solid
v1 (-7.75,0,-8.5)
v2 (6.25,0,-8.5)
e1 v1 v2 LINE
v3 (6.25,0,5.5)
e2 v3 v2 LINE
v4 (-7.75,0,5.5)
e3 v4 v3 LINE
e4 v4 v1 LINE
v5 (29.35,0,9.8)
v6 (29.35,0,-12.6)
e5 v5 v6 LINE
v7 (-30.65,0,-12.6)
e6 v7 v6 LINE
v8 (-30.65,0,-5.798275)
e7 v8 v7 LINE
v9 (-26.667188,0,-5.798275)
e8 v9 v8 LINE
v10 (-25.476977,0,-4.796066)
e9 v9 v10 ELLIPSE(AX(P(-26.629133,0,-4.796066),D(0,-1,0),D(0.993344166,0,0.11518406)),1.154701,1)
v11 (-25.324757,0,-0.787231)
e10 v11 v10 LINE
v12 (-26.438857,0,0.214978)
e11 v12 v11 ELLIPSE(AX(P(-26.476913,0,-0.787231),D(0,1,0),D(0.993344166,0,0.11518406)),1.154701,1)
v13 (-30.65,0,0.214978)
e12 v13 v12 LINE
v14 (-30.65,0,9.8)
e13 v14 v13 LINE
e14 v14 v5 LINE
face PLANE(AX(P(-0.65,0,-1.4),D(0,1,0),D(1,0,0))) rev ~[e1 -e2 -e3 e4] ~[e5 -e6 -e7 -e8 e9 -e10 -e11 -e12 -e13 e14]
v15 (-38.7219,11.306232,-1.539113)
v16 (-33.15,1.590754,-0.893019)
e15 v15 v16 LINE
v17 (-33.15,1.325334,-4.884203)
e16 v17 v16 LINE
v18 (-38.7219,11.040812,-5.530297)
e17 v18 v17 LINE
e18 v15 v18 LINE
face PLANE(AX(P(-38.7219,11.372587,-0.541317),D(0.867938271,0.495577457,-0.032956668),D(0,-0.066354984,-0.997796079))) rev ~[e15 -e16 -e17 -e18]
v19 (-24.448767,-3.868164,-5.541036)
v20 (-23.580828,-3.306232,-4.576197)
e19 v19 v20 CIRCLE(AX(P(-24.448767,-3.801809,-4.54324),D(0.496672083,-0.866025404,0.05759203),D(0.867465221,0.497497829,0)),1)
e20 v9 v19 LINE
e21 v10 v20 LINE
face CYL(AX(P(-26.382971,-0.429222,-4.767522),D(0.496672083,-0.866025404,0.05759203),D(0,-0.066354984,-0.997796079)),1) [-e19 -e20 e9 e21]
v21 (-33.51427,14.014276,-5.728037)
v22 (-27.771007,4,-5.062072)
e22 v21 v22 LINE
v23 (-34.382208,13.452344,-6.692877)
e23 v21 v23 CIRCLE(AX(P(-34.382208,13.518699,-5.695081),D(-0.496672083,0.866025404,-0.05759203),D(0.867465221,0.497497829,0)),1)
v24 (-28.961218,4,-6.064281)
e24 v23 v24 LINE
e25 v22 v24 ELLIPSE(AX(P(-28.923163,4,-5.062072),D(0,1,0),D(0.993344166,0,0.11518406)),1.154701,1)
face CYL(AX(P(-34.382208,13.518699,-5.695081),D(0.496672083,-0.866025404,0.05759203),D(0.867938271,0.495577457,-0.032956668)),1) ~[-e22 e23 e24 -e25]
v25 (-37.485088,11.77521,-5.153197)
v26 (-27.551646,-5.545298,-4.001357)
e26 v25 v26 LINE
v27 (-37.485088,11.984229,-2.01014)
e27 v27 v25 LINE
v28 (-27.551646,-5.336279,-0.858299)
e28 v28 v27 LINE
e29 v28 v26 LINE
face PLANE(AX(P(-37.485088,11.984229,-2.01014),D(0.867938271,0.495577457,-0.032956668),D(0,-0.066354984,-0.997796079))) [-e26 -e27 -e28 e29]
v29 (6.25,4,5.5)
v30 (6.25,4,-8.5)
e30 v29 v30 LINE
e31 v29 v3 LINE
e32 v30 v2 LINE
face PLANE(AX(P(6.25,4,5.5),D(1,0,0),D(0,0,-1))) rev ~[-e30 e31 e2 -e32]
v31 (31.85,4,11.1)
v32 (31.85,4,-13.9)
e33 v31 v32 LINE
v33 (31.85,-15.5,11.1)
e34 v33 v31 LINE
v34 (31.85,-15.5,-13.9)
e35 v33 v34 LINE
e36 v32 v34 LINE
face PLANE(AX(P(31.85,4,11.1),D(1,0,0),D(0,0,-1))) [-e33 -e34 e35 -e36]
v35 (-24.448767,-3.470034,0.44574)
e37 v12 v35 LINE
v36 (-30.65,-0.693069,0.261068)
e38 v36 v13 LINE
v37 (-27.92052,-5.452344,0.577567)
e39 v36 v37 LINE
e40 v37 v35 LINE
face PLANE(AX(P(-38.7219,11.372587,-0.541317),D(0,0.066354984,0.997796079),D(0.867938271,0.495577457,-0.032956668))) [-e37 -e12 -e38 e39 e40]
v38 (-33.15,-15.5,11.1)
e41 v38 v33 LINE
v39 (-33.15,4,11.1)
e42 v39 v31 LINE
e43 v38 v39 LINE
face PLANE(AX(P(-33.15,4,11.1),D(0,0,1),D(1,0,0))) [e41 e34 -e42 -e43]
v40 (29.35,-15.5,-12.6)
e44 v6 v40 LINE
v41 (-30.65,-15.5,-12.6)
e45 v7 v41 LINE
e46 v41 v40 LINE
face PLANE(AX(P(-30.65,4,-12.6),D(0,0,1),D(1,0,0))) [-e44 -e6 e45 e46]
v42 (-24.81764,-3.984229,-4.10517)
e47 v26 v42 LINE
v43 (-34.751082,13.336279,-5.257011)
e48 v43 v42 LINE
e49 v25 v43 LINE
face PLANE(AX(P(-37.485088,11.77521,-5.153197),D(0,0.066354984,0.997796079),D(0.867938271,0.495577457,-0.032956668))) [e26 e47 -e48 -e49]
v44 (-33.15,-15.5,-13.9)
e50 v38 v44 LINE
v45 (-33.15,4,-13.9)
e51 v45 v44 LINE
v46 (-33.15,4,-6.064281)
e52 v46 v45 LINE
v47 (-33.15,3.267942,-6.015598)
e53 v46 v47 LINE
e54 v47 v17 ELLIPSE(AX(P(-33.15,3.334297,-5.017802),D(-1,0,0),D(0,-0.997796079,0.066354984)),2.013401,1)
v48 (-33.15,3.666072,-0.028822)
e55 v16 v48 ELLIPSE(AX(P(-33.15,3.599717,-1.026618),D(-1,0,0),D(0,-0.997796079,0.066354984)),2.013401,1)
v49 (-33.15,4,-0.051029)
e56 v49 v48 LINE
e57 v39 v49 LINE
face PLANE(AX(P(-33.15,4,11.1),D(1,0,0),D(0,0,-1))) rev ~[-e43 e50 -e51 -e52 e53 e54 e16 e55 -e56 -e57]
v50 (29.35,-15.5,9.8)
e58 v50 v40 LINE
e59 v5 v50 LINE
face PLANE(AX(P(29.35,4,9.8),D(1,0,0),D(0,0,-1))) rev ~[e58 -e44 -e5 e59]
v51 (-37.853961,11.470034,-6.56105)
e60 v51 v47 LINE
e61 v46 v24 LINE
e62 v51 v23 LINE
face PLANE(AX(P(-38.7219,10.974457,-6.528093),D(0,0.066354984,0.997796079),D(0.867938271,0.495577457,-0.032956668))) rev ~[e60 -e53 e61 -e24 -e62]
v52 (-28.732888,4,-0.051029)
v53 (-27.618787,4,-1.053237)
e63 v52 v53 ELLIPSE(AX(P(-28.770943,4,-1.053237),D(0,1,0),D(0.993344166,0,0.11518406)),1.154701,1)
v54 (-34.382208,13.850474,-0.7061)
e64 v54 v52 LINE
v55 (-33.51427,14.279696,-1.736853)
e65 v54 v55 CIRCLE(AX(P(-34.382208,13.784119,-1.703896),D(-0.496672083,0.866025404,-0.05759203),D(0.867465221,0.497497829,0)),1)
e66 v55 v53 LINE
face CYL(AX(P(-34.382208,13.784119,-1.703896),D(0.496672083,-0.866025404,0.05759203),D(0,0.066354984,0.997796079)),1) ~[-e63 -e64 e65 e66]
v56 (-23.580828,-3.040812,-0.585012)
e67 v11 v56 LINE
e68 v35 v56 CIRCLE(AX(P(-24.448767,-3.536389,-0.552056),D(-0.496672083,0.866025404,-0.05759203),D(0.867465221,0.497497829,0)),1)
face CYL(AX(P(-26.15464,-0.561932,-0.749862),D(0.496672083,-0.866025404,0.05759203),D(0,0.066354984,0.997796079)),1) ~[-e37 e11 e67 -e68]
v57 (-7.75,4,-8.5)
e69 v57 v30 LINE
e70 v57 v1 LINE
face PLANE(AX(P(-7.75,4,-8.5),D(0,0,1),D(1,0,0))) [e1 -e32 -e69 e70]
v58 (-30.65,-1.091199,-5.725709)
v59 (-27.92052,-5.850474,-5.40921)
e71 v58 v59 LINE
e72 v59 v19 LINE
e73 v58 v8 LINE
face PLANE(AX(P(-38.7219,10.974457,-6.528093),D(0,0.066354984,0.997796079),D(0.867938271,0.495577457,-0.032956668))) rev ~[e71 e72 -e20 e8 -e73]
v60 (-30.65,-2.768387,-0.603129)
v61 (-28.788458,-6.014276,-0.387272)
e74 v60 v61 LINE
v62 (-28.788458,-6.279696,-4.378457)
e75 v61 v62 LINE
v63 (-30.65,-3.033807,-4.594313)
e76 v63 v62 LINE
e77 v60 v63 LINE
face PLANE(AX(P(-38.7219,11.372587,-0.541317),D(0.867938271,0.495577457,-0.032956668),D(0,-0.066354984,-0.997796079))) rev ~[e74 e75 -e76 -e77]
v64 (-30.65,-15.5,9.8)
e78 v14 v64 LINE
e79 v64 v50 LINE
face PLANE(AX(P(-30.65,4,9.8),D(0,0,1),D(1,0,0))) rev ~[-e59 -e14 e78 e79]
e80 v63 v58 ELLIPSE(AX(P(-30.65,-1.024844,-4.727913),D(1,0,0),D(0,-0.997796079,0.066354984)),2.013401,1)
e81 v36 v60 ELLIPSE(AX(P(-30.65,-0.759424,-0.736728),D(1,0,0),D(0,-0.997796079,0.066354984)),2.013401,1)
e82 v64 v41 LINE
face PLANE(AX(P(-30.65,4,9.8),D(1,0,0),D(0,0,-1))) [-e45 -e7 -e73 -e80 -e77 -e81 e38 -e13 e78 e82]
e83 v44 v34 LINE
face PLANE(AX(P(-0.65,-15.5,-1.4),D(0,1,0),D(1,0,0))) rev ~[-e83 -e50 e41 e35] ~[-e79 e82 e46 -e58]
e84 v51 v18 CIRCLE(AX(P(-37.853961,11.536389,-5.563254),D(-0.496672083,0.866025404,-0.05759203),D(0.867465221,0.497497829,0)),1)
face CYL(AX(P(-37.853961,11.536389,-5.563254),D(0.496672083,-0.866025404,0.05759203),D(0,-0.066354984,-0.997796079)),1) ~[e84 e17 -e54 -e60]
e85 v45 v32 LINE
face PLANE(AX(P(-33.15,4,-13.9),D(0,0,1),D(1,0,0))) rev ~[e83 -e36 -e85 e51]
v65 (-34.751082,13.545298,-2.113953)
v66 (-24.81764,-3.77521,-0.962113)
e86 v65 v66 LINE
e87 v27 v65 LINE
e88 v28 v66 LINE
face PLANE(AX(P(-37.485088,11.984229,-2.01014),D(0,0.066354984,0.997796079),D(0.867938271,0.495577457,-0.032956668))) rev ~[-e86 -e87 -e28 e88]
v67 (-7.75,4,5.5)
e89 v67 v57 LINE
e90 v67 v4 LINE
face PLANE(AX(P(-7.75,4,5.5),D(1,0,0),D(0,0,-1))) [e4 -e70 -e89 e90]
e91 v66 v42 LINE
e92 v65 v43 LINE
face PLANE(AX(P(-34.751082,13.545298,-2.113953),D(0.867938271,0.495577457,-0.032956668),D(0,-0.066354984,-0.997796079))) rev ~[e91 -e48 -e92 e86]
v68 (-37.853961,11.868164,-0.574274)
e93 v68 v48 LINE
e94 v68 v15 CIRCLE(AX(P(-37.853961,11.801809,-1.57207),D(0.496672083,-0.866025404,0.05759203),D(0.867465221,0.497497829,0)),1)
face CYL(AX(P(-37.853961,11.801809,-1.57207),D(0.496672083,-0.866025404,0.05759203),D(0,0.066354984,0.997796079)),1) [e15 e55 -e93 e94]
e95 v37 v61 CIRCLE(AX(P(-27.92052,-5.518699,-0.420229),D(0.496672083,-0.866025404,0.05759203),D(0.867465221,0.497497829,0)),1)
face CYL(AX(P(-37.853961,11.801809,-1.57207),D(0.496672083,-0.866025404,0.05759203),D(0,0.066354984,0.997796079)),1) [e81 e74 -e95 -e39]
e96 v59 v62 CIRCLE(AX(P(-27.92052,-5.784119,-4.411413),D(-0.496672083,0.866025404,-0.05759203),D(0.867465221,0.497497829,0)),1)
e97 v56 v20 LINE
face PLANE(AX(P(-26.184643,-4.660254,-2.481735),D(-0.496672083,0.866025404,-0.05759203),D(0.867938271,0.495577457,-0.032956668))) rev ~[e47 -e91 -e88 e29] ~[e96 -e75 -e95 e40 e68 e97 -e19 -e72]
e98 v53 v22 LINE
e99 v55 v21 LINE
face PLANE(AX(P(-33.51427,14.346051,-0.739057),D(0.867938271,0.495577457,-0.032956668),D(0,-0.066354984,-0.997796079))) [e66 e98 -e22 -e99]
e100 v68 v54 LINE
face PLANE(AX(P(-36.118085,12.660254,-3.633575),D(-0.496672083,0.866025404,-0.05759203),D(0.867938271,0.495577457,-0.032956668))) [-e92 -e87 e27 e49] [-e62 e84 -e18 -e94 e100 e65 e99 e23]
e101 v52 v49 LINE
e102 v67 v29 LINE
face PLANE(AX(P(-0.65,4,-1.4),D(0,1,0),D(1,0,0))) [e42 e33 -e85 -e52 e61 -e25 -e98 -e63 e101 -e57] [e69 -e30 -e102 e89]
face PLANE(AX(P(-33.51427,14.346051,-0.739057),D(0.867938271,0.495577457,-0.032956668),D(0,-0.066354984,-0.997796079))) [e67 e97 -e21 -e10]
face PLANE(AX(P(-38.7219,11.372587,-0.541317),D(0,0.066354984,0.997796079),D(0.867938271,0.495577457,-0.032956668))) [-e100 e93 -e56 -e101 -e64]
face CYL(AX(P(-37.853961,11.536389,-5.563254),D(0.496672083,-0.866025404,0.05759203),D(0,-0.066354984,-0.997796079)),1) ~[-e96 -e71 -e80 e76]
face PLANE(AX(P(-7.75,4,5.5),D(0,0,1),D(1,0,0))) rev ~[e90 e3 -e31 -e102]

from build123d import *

# Parameters (mm, degrees)
CROQUIS1_W              = 19
CROQUIS1_H              = 19
SALIENTE_EXTRUIR1_DEPTH = 4
CROQUIS2_W              = 14
CROQUIS2_H              = 14
CORTAR_EXTRUIR1_DEPTH   = 4
SALIENTE_EXTRUIR2_DEPTH = 4
CROQUIS9_W              = 6
CROQUIS9_H              = 6
SALIENTE_EXTRUIR6_DEPTH = 20
CROQUIS11_W             = 3.15
CROQUIS11_H             = 3.15
CORTAR_EXTRUIR3_DEPTH   = 20
REDONDEO1_R             = 3
REDONDEO2_R             = 3
REDONDEO3_R             = 3
REDONDEO6_R             = 1
REDONDEO7_R             = 1
SALIENTE_EXTRUIR7_START = -4
CROQUIS12_W             = 65
CROQUIS12_H             = 25
CROQUIS12_W_2           = 14
CROQUIS12_H_2           = 14
SALIENTE_EXTRUIR7_DEPTH = 4
CROQUIS13_W             = 65
CROQUIS13_H             = 25
CROQUIS13_W_2           = 60
CROQUIS13_H_2           = 22.4
SALIENTE_EXTRUIR8_DEPTH = 19.5
CROQUIS15_W             = 3.15
CROQUIS15_H             = 3.15
CORTAR_EXTRUIR4_DEPTH   = 20


with BuildPart() as part:
    # Croquis1 → Saliente-Extruir1 (new body)
    with BuildSketch(Plane(origin=(0, 0, 0), x_dir=(1, 0, 0), z_dir=(0, 1, 0))):
        Rectangle(CROQUIS1_W, CROQUIS1_H)
    extrude(amount=SALIENTE_EXTRUIR1_DEPTH)

    # Croquis2 → Cortar-Extruir1 (cut)
    with BuildSketch(Plane(origin=(0, 4, 0), x_dir=(1, 0, 0), z_dir=(0, 1, 0))):
        with Locations((-0.75, 1.5)):
            Rectangle(CROQUIS2_W, CROQUIS2_H)
    extrude(amount=-CORTAR_EXTRUIR1_DEPTH, mode=Mode.SUBTRACT)

    # Croquis3 → Saliente-Extruir2 (add)
    with BuildSketch(Plane(origin=(0, 4, 0), x_dir=(1, 0, 0), z_dir=(0, 1, 0))):
        Polygon((-9.5, 9.5), (-31.5, 5.730831712), (-31.5, 0.051028536), (-9.5, -2.5), align=None)
    extrude(amount=-SALIENTE_EXTRUIR2_DEPTH)

    # Croquis9 → Saliente-Extruir6 (add)
    with BuildSketch(Plane(origin=(-14.459222514, 25.211914346, -1.676631329), x_dir=(0.8679382707913074, 0.4955774572451805, -0.03295666800810758), z_dir=(-0.49667208306466687, 0.8660254037844359, -0.05759202986706984))):
        with Locations((-24.954381149, 2.785496138)):
            Rectangle(CROQUIS9_W, CROQUIS9_H)
    extrude(amount=-SALIENTE_EXTRUIR6_DEPTH)

    # Croquis11 → Cortar-Extruir3 (cut)
    with BuildSketch(Plane(origin=(-14.459222514, 25.211914346, -1.676631329), x_dir=(0.8679382707913073, 0.4955774572451806, -0.032956668008107474), z_dir=(-0.4966720830646669, 0.8660254037844358, -0.05759202986706968))):
        with Locations((-24.954381149, 2.785496138)):
            Rectangle(CROQUIS11_W, CROQUIS11_H)
    extrude(amount=-CORTAR_EXTRUIR3_DEPTH, mode=Mode.SUBTRACT)

    # Redondeo1
    redondeo1_edges = [part.edges().sort_by_distance(p)[0] for p in [
        (9.5, 2, -9.5),
        (9.5, 2, 9.5),
        (-9.5, 2, 9.5),
    ]]
    fillet(redondeo1_edges, radius=REDONDEO1_R)

    # Redondeo2
    redondeo2_edges = [part.edges().sort_by_distance(p)[0] for p in [
        (-9.5, 2, -9.5),
    ]]
    fillet(redondeo2_edges, radius=REDONDEO2_R)

    # Redondeo3
    redondeo3_edges = [part.edges().sort_by_distance(p)[0] for p in [
        (-9.5, 2, 2.5),
    ]]
    fillet(redondeo3_edges, radius=REDONDEO3_R)

    # Redondeo6
    redondeo6_edges = [part.edges().sort_by_distance(p)[0] for p in [
        (-24.54793036, -1.686293309, -5.686133961),
        (-30.661666234, 8.973960729, -6.395057355),
        (-30.547500987, 9.17302568, -0.395042751),
        (-24.433765113, -1.487228357, 0.313880643),
        (-33.755178919, 2.71233258, 0.03460334),
    ]]
    fillet(redondeo6_edges, radius=REDONDEO6_R)

    # Redondeo7
    redondeo7_edges = [part.edges().sort_by_distance(p)[0] for p in [
        (-33.755178919, 2.314202677, -5.952173136),
    ]]
    fillet(redondeo7_edges, radius=REDONDEO7_R)

    # Croquis12 → Saliente-Extruir7 (add)
    with BuildSketch(Plane(origin=(0, 4, 0), x_dir=(1, 0, 0), z_dir=(0, 1, 0)).offset(SALIENTE_EXTRUIR7_START)):
        with Locations((-0.65, 1.4)):
            Rectangle(CROQUIS12_W, CROQUIS12_H)
        with Locations((-0.75, 1.5)):
            Rectangle(CROQUIS12_W_2, CROQUIS12_H_2, mode=Mode.SUBTRACT)
    extrude(amount=SALIENTE_EXTRUIR7_DEPTH)

    # Croquis13 → Saliente-Extruir8 (add)
    with BuildSketch(Plane(origin=(0, 4, 0), x_dir=(1, 0, 0), z_dir=(0, 1, 0))):
        with Locations((-0.65, 1.4)):
            Rectangle(CROQUIS13_W, CROQUIS13_H)
        with Locations((-0.65, 1.4)):
            Rectangle(CROQUIS13_W_2, CROQUIS13_H_2, mode=Mode.SUBTRACT)
    extrude(amount=-SALIENTE_EXTRUIR8_DEPTH)

    # Croquis15 → Cortar-Extruir4 (cut)
    with BuildSketch(Plane(origin=(-14.459222514, 25.211914346, -1.676631329), x_dir=(0.8679382707913073, 0.4955774572451806, -0.032956668008107474), z_dir=(-0.4966720830646669, 0.8660254037844358, -0.05759202986706968))):
        with Locations((-24.954381149, 2.785496138)):
            Rectangle(CROQUIS15_W, CROQUIS15_H)
    extrude(amount=-CORTAR_EXTRUIR4_DEPTH, mode=Mode.SUBTRACT)


solid = part.part
